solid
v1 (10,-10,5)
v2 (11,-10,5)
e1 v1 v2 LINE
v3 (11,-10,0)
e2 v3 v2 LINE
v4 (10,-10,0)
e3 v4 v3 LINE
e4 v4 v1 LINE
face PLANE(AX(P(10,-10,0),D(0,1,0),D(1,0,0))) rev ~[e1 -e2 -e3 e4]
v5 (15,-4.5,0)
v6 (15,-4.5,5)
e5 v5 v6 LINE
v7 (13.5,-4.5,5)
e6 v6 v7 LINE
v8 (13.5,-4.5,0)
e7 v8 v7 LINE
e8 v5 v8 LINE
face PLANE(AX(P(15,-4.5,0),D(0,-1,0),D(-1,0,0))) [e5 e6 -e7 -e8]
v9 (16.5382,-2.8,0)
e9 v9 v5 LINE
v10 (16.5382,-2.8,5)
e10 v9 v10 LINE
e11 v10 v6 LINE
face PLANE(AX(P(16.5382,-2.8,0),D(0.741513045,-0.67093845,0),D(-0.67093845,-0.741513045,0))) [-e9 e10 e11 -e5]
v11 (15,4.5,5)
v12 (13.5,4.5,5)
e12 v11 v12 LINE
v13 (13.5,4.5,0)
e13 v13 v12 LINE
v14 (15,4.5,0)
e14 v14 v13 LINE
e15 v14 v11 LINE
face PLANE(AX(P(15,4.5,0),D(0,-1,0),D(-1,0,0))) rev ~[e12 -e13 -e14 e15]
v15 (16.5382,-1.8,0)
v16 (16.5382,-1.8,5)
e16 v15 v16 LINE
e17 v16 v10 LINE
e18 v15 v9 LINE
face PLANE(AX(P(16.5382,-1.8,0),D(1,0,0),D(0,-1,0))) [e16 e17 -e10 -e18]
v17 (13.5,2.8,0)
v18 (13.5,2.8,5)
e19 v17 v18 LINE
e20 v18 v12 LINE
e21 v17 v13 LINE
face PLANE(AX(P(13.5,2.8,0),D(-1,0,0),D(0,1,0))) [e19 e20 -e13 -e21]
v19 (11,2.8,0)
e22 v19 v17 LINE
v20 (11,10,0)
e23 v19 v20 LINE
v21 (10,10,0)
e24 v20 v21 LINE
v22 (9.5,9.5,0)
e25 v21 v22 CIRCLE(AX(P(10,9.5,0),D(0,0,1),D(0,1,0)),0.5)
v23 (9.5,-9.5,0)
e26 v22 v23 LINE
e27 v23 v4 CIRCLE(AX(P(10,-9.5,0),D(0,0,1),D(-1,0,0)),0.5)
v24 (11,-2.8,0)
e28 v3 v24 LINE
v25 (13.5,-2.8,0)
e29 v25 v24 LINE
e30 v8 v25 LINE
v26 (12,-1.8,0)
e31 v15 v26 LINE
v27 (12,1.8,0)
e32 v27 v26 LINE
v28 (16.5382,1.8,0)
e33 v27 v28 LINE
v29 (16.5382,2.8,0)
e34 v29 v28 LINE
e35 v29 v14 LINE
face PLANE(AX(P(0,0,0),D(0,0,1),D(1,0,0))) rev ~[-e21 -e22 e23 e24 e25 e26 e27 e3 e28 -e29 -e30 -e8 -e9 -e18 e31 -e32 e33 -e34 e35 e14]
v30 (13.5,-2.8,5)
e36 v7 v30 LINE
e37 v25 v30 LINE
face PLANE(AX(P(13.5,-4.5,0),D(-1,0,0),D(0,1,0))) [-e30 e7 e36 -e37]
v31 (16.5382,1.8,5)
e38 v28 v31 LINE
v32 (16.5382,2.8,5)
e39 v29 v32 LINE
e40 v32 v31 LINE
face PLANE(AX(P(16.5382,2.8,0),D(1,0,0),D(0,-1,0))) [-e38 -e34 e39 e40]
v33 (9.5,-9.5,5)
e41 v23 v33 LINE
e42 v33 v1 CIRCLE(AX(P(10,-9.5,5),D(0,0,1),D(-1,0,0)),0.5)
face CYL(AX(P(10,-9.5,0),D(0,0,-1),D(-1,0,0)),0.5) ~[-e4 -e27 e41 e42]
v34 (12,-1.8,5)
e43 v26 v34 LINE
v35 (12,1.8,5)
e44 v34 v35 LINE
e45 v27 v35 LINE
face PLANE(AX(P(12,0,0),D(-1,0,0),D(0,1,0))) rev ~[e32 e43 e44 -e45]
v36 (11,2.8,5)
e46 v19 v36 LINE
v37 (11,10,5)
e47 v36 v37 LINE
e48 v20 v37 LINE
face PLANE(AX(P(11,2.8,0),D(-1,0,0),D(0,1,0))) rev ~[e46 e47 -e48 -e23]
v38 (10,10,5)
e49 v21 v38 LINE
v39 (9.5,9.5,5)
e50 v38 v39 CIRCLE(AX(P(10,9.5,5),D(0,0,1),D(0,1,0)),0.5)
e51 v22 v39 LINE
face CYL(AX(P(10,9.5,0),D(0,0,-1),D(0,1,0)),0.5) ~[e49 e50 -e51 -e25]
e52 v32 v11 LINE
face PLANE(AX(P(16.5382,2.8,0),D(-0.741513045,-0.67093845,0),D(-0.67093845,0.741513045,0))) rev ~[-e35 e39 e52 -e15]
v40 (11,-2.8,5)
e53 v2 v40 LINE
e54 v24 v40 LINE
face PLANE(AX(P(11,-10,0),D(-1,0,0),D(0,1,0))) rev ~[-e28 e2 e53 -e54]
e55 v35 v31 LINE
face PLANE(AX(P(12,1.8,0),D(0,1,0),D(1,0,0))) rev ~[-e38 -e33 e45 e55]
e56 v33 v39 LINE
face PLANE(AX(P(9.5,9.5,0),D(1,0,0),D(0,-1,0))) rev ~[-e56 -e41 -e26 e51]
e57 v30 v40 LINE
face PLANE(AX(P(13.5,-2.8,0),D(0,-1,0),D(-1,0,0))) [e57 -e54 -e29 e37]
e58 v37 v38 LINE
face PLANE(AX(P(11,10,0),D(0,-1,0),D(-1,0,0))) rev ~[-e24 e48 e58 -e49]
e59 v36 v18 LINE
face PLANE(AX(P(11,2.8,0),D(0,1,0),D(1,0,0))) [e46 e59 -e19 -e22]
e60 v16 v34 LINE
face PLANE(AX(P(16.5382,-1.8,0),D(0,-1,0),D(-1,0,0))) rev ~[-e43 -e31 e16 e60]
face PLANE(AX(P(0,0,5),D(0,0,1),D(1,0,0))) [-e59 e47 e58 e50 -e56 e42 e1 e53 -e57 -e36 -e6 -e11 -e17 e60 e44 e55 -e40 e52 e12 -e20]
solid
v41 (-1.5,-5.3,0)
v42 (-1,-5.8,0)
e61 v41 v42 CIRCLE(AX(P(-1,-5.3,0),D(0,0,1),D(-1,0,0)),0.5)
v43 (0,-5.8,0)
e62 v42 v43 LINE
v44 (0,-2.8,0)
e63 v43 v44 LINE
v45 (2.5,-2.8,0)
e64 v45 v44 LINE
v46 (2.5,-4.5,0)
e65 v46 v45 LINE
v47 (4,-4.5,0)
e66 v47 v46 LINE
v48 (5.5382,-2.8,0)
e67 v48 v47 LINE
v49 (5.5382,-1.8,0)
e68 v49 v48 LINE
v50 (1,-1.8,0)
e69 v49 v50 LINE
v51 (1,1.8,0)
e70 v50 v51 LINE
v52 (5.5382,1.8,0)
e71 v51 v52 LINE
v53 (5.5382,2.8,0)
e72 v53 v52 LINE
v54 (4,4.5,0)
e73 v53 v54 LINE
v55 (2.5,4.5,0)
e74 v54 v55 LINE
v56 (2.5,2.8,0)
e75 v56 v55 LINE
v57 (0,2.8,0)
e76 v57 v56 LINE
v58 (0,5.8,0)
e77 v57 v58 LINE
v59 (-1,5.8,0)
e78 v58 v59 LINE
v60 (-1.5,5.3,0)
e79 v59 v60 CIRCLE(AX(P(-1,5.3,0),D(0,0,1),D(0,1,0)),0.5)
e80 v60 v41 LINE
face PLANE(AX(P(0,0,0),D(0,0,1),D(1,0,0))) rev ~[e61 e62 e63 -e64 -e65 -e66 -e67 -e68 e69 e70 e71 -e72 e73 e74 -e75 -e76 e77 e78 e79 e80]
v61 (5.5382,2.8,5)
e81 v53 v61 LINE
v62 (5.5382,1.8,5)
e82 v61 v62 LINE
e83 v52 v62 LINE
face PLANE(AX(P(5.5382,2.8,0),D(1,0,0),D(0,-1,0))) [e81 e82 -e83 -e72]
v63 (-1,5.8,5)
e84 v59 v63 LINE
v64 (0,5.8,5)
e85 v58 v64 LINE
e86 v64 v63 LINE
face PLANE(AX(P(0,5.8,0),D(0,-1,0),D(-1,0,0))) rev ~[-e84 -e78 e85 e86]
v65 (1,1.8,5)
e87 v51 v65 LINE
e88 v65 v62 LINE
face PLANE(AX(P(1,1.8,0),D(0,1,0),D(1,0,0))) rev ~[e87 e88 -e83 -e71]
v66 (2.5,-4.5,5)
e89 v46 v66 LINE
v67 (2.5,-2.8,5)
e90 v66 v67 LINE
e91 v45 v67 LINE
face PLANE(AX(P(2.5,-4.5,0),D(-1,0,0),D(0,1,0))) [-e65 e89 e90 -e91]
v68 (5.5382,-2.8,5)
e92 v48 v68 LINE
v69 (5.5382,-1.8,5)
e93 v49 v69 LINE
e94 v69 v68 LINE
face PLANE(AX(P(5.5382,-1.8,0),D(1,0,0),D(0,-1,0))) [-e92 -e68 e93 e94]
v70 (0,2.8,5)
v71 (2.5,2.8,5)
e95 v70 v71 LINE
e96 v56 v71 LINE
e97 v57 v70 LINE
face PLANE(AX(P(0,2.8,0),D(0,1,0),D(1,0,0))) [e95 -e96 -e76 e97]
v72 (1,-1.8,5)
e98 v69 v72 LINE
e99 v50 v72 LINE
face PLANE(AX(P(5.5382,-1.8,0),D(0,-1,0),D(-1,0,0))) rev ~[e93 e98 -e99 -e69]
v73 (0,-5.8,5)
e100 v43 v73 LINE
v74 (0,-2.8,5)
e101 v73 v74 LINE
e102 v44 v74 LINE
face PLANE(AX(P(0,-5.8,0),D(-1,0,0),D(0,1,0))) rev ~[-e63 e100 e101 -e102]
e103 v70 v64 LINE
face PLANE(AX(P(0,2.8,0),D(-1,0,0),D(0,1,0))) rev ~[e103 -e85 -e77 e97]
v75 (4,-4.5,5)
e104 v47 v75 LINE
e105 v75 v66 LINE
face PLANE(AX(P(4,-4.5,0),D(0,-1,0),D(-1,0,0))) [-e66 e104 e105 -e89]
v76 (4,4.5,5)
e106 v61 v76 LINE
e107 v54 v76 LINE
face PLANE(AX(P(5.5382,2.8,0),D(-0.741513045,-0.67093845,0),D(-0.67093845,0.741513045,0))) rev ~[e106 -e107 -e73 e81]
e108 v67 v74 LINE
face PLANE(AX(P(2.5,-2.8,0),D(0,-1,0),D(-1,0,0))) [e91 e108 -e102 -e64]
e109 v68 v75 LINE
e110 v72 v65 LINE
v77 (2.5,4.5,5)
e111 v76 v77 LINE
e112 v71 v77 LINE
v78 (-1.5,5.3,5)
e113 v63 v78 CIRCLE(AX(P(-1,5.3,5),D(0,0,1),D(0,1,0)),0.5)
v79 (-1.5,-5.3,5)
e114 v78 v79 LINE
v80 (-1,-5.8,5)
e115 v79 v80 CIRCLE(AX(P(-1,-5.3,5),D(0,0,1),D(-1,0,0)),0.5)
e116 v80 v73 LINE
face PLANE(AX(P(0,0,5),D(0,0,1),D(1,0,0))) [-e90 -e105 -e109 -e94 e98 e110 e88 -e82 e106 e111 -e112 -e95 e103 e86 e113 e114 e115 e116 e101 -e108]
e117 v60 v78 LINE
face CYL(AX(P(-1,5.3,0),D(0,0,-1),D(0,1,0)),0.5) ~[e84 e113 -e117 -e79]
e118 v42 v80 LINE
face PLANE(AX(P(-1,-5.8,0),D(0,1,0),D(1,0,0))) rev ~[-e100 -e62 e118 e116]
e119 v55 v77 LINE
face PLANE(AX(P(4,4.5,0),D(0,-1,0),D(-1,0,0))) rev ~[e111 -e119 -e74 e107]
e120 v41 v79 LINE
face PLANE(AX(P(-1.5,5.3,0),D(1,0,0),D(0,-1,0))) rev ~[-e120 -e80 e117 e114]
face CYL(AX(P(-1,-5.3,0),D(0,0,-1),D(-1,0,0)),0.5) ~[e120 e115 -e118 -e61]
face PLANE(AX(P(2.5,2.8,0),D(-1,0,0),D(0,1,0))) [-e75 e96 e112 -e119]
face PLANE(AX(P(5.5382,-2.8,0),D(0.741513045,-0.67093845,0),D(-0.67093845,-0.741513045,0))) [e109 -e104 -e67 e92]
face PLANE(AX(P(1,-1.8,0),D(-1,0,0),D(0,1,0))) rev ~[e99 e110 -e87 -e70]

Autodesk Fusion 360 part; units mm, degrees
sketch "Esquisse1" plane through (0, 0, 0) normal (0, 0, 1) x (1, 0, 0)
  line L0 (4, -4.5) -> (2.5, -4.5)
  line L1 (2.5, -4.5) -> (2.5, -2.8)
  line L2 (2.5, -2.8) -> (0, -2.8)
  line L3 (0, -2.8) -> (0, 2.8)
  line L4 (0, 2.8) -> (2.5, 2.8)
  line L5 (2.5, 2.8) -> (2.5, 4.5)
  line L6 (5.5382, -2.8) -> (4, -4.5)
  line L7 (0, 5.8) -> (-1, 5.8)
  line L8 (-1.5, 5.3) -> (-1.5, -5.3)
  line L9 (-1, -5.8) -> (0, -5.8)
  line L10 (0, -5.8) -> (0, 5.8)
  line L11 (1.75, 0) -> (22.5, 0)
  line L12 (5.5382, 2.8) -> (4, 4.5)
  line L13 (4, 4.5) -> (2.5, 4.5)
  line L14 (1, 1.8) -> (5.5382, 1.8)
  line L15 (5.5382, -1.8) -> (1, -1.8)
  line L16 (1, -1.8) -> (1, 1.8)
  line L17 (5.5382, 2.8) -> (5.5382, 1.8)
  line L18 (5.5382, -1.8) -> (5.5382, -2.8)
  arc A0 (-1.5, -5.3) -> (-1, -5.8) centre (-1, -5.3) ccw
  arc A1 (-1, 5.8) -> (-1.5, 5.3) centre (-1, 5.3) ccw
  line L19 (10, -10) -> (11, -10)
  line L20 (11, -10) -> (11, 10)
  line L21 (11, 10) -> (10, 10)
  arc A2 (10, 10) -> (9.5, 9.5) centre (10, 9.5) ccw
  line L22 (9.5, 9.5) -> (9.5, -9.5)
  arc A3 (9.5, -9.5) -> (10, -10) centre (10, -9.5) ccw
  line L23 (16.5382, 2.8) -> (15, 4.5)
  line L24 (16.5382, 2.8) -> (16.5382, 1.8)
  line L25 (12, 1.8) -> (16.5382, 1.8)
  line L26 (12, -1.8) -> (12, 1.8)
  line L27 (16.5382, -1.8) -> (12, -1.8)
  line L28 (16.5382, -1.8) -> (16.5382, -2.8)
  line L29 (16.5382, -2.8) -> (15, -4.5)
  line L30 (15, -4.5) -> (13.5, -4.5)
  line L31 (13.5, -4.5) -> (13.5, -2.8)
  line L32 (13.5, -2.8) -> (11, -2.8)
  line L33 (11, -2.8) -> (11, 2.8)
  line L34 (13.5, 2.8) -> (13.5, 4.5)
  line L35 (15, 4.5) -> (13.5, 4.5)
  line L36 (11, 2.8) -> (13.5, 2.8)
  point P0 (-1.5, 5.8)
  dimension "d17" = 2.5
  dimension "d18" = 2.5
  dimension "d19" = 1.5
  dimension "d21" = 5.6
  dimension "d23" = 5.6
  dimension "d26" = 1.7
  dimension "d9" = 1.5
  dimension "d11" = 132.139
  dimension "d14" = 1
  dimension "d15" = 1
  dimension "d16" = 0.5
  dimension "d24" = 3
  dimension "d25" = 2.5
  dimension "d27" = 2.5
  dimension "d28" = 1.5
  dimension "d29" = 5.6
  dimension "d30" = 5.6
  dimension "d31" = 1.7
  dimension "d32" = 132.139
  dimension "d33" = 1
  dimension "d34" = 1
  dimension "d35" = 0.5
  dimension "d37" = 20
extrude "Extrusion1" add sketch "Esquisse1" along normal blind 5 makes body 1 at (-1.5, 1.7667, 1.6667) makes body 2 at (9.5, 3.1667, 1.6667)
